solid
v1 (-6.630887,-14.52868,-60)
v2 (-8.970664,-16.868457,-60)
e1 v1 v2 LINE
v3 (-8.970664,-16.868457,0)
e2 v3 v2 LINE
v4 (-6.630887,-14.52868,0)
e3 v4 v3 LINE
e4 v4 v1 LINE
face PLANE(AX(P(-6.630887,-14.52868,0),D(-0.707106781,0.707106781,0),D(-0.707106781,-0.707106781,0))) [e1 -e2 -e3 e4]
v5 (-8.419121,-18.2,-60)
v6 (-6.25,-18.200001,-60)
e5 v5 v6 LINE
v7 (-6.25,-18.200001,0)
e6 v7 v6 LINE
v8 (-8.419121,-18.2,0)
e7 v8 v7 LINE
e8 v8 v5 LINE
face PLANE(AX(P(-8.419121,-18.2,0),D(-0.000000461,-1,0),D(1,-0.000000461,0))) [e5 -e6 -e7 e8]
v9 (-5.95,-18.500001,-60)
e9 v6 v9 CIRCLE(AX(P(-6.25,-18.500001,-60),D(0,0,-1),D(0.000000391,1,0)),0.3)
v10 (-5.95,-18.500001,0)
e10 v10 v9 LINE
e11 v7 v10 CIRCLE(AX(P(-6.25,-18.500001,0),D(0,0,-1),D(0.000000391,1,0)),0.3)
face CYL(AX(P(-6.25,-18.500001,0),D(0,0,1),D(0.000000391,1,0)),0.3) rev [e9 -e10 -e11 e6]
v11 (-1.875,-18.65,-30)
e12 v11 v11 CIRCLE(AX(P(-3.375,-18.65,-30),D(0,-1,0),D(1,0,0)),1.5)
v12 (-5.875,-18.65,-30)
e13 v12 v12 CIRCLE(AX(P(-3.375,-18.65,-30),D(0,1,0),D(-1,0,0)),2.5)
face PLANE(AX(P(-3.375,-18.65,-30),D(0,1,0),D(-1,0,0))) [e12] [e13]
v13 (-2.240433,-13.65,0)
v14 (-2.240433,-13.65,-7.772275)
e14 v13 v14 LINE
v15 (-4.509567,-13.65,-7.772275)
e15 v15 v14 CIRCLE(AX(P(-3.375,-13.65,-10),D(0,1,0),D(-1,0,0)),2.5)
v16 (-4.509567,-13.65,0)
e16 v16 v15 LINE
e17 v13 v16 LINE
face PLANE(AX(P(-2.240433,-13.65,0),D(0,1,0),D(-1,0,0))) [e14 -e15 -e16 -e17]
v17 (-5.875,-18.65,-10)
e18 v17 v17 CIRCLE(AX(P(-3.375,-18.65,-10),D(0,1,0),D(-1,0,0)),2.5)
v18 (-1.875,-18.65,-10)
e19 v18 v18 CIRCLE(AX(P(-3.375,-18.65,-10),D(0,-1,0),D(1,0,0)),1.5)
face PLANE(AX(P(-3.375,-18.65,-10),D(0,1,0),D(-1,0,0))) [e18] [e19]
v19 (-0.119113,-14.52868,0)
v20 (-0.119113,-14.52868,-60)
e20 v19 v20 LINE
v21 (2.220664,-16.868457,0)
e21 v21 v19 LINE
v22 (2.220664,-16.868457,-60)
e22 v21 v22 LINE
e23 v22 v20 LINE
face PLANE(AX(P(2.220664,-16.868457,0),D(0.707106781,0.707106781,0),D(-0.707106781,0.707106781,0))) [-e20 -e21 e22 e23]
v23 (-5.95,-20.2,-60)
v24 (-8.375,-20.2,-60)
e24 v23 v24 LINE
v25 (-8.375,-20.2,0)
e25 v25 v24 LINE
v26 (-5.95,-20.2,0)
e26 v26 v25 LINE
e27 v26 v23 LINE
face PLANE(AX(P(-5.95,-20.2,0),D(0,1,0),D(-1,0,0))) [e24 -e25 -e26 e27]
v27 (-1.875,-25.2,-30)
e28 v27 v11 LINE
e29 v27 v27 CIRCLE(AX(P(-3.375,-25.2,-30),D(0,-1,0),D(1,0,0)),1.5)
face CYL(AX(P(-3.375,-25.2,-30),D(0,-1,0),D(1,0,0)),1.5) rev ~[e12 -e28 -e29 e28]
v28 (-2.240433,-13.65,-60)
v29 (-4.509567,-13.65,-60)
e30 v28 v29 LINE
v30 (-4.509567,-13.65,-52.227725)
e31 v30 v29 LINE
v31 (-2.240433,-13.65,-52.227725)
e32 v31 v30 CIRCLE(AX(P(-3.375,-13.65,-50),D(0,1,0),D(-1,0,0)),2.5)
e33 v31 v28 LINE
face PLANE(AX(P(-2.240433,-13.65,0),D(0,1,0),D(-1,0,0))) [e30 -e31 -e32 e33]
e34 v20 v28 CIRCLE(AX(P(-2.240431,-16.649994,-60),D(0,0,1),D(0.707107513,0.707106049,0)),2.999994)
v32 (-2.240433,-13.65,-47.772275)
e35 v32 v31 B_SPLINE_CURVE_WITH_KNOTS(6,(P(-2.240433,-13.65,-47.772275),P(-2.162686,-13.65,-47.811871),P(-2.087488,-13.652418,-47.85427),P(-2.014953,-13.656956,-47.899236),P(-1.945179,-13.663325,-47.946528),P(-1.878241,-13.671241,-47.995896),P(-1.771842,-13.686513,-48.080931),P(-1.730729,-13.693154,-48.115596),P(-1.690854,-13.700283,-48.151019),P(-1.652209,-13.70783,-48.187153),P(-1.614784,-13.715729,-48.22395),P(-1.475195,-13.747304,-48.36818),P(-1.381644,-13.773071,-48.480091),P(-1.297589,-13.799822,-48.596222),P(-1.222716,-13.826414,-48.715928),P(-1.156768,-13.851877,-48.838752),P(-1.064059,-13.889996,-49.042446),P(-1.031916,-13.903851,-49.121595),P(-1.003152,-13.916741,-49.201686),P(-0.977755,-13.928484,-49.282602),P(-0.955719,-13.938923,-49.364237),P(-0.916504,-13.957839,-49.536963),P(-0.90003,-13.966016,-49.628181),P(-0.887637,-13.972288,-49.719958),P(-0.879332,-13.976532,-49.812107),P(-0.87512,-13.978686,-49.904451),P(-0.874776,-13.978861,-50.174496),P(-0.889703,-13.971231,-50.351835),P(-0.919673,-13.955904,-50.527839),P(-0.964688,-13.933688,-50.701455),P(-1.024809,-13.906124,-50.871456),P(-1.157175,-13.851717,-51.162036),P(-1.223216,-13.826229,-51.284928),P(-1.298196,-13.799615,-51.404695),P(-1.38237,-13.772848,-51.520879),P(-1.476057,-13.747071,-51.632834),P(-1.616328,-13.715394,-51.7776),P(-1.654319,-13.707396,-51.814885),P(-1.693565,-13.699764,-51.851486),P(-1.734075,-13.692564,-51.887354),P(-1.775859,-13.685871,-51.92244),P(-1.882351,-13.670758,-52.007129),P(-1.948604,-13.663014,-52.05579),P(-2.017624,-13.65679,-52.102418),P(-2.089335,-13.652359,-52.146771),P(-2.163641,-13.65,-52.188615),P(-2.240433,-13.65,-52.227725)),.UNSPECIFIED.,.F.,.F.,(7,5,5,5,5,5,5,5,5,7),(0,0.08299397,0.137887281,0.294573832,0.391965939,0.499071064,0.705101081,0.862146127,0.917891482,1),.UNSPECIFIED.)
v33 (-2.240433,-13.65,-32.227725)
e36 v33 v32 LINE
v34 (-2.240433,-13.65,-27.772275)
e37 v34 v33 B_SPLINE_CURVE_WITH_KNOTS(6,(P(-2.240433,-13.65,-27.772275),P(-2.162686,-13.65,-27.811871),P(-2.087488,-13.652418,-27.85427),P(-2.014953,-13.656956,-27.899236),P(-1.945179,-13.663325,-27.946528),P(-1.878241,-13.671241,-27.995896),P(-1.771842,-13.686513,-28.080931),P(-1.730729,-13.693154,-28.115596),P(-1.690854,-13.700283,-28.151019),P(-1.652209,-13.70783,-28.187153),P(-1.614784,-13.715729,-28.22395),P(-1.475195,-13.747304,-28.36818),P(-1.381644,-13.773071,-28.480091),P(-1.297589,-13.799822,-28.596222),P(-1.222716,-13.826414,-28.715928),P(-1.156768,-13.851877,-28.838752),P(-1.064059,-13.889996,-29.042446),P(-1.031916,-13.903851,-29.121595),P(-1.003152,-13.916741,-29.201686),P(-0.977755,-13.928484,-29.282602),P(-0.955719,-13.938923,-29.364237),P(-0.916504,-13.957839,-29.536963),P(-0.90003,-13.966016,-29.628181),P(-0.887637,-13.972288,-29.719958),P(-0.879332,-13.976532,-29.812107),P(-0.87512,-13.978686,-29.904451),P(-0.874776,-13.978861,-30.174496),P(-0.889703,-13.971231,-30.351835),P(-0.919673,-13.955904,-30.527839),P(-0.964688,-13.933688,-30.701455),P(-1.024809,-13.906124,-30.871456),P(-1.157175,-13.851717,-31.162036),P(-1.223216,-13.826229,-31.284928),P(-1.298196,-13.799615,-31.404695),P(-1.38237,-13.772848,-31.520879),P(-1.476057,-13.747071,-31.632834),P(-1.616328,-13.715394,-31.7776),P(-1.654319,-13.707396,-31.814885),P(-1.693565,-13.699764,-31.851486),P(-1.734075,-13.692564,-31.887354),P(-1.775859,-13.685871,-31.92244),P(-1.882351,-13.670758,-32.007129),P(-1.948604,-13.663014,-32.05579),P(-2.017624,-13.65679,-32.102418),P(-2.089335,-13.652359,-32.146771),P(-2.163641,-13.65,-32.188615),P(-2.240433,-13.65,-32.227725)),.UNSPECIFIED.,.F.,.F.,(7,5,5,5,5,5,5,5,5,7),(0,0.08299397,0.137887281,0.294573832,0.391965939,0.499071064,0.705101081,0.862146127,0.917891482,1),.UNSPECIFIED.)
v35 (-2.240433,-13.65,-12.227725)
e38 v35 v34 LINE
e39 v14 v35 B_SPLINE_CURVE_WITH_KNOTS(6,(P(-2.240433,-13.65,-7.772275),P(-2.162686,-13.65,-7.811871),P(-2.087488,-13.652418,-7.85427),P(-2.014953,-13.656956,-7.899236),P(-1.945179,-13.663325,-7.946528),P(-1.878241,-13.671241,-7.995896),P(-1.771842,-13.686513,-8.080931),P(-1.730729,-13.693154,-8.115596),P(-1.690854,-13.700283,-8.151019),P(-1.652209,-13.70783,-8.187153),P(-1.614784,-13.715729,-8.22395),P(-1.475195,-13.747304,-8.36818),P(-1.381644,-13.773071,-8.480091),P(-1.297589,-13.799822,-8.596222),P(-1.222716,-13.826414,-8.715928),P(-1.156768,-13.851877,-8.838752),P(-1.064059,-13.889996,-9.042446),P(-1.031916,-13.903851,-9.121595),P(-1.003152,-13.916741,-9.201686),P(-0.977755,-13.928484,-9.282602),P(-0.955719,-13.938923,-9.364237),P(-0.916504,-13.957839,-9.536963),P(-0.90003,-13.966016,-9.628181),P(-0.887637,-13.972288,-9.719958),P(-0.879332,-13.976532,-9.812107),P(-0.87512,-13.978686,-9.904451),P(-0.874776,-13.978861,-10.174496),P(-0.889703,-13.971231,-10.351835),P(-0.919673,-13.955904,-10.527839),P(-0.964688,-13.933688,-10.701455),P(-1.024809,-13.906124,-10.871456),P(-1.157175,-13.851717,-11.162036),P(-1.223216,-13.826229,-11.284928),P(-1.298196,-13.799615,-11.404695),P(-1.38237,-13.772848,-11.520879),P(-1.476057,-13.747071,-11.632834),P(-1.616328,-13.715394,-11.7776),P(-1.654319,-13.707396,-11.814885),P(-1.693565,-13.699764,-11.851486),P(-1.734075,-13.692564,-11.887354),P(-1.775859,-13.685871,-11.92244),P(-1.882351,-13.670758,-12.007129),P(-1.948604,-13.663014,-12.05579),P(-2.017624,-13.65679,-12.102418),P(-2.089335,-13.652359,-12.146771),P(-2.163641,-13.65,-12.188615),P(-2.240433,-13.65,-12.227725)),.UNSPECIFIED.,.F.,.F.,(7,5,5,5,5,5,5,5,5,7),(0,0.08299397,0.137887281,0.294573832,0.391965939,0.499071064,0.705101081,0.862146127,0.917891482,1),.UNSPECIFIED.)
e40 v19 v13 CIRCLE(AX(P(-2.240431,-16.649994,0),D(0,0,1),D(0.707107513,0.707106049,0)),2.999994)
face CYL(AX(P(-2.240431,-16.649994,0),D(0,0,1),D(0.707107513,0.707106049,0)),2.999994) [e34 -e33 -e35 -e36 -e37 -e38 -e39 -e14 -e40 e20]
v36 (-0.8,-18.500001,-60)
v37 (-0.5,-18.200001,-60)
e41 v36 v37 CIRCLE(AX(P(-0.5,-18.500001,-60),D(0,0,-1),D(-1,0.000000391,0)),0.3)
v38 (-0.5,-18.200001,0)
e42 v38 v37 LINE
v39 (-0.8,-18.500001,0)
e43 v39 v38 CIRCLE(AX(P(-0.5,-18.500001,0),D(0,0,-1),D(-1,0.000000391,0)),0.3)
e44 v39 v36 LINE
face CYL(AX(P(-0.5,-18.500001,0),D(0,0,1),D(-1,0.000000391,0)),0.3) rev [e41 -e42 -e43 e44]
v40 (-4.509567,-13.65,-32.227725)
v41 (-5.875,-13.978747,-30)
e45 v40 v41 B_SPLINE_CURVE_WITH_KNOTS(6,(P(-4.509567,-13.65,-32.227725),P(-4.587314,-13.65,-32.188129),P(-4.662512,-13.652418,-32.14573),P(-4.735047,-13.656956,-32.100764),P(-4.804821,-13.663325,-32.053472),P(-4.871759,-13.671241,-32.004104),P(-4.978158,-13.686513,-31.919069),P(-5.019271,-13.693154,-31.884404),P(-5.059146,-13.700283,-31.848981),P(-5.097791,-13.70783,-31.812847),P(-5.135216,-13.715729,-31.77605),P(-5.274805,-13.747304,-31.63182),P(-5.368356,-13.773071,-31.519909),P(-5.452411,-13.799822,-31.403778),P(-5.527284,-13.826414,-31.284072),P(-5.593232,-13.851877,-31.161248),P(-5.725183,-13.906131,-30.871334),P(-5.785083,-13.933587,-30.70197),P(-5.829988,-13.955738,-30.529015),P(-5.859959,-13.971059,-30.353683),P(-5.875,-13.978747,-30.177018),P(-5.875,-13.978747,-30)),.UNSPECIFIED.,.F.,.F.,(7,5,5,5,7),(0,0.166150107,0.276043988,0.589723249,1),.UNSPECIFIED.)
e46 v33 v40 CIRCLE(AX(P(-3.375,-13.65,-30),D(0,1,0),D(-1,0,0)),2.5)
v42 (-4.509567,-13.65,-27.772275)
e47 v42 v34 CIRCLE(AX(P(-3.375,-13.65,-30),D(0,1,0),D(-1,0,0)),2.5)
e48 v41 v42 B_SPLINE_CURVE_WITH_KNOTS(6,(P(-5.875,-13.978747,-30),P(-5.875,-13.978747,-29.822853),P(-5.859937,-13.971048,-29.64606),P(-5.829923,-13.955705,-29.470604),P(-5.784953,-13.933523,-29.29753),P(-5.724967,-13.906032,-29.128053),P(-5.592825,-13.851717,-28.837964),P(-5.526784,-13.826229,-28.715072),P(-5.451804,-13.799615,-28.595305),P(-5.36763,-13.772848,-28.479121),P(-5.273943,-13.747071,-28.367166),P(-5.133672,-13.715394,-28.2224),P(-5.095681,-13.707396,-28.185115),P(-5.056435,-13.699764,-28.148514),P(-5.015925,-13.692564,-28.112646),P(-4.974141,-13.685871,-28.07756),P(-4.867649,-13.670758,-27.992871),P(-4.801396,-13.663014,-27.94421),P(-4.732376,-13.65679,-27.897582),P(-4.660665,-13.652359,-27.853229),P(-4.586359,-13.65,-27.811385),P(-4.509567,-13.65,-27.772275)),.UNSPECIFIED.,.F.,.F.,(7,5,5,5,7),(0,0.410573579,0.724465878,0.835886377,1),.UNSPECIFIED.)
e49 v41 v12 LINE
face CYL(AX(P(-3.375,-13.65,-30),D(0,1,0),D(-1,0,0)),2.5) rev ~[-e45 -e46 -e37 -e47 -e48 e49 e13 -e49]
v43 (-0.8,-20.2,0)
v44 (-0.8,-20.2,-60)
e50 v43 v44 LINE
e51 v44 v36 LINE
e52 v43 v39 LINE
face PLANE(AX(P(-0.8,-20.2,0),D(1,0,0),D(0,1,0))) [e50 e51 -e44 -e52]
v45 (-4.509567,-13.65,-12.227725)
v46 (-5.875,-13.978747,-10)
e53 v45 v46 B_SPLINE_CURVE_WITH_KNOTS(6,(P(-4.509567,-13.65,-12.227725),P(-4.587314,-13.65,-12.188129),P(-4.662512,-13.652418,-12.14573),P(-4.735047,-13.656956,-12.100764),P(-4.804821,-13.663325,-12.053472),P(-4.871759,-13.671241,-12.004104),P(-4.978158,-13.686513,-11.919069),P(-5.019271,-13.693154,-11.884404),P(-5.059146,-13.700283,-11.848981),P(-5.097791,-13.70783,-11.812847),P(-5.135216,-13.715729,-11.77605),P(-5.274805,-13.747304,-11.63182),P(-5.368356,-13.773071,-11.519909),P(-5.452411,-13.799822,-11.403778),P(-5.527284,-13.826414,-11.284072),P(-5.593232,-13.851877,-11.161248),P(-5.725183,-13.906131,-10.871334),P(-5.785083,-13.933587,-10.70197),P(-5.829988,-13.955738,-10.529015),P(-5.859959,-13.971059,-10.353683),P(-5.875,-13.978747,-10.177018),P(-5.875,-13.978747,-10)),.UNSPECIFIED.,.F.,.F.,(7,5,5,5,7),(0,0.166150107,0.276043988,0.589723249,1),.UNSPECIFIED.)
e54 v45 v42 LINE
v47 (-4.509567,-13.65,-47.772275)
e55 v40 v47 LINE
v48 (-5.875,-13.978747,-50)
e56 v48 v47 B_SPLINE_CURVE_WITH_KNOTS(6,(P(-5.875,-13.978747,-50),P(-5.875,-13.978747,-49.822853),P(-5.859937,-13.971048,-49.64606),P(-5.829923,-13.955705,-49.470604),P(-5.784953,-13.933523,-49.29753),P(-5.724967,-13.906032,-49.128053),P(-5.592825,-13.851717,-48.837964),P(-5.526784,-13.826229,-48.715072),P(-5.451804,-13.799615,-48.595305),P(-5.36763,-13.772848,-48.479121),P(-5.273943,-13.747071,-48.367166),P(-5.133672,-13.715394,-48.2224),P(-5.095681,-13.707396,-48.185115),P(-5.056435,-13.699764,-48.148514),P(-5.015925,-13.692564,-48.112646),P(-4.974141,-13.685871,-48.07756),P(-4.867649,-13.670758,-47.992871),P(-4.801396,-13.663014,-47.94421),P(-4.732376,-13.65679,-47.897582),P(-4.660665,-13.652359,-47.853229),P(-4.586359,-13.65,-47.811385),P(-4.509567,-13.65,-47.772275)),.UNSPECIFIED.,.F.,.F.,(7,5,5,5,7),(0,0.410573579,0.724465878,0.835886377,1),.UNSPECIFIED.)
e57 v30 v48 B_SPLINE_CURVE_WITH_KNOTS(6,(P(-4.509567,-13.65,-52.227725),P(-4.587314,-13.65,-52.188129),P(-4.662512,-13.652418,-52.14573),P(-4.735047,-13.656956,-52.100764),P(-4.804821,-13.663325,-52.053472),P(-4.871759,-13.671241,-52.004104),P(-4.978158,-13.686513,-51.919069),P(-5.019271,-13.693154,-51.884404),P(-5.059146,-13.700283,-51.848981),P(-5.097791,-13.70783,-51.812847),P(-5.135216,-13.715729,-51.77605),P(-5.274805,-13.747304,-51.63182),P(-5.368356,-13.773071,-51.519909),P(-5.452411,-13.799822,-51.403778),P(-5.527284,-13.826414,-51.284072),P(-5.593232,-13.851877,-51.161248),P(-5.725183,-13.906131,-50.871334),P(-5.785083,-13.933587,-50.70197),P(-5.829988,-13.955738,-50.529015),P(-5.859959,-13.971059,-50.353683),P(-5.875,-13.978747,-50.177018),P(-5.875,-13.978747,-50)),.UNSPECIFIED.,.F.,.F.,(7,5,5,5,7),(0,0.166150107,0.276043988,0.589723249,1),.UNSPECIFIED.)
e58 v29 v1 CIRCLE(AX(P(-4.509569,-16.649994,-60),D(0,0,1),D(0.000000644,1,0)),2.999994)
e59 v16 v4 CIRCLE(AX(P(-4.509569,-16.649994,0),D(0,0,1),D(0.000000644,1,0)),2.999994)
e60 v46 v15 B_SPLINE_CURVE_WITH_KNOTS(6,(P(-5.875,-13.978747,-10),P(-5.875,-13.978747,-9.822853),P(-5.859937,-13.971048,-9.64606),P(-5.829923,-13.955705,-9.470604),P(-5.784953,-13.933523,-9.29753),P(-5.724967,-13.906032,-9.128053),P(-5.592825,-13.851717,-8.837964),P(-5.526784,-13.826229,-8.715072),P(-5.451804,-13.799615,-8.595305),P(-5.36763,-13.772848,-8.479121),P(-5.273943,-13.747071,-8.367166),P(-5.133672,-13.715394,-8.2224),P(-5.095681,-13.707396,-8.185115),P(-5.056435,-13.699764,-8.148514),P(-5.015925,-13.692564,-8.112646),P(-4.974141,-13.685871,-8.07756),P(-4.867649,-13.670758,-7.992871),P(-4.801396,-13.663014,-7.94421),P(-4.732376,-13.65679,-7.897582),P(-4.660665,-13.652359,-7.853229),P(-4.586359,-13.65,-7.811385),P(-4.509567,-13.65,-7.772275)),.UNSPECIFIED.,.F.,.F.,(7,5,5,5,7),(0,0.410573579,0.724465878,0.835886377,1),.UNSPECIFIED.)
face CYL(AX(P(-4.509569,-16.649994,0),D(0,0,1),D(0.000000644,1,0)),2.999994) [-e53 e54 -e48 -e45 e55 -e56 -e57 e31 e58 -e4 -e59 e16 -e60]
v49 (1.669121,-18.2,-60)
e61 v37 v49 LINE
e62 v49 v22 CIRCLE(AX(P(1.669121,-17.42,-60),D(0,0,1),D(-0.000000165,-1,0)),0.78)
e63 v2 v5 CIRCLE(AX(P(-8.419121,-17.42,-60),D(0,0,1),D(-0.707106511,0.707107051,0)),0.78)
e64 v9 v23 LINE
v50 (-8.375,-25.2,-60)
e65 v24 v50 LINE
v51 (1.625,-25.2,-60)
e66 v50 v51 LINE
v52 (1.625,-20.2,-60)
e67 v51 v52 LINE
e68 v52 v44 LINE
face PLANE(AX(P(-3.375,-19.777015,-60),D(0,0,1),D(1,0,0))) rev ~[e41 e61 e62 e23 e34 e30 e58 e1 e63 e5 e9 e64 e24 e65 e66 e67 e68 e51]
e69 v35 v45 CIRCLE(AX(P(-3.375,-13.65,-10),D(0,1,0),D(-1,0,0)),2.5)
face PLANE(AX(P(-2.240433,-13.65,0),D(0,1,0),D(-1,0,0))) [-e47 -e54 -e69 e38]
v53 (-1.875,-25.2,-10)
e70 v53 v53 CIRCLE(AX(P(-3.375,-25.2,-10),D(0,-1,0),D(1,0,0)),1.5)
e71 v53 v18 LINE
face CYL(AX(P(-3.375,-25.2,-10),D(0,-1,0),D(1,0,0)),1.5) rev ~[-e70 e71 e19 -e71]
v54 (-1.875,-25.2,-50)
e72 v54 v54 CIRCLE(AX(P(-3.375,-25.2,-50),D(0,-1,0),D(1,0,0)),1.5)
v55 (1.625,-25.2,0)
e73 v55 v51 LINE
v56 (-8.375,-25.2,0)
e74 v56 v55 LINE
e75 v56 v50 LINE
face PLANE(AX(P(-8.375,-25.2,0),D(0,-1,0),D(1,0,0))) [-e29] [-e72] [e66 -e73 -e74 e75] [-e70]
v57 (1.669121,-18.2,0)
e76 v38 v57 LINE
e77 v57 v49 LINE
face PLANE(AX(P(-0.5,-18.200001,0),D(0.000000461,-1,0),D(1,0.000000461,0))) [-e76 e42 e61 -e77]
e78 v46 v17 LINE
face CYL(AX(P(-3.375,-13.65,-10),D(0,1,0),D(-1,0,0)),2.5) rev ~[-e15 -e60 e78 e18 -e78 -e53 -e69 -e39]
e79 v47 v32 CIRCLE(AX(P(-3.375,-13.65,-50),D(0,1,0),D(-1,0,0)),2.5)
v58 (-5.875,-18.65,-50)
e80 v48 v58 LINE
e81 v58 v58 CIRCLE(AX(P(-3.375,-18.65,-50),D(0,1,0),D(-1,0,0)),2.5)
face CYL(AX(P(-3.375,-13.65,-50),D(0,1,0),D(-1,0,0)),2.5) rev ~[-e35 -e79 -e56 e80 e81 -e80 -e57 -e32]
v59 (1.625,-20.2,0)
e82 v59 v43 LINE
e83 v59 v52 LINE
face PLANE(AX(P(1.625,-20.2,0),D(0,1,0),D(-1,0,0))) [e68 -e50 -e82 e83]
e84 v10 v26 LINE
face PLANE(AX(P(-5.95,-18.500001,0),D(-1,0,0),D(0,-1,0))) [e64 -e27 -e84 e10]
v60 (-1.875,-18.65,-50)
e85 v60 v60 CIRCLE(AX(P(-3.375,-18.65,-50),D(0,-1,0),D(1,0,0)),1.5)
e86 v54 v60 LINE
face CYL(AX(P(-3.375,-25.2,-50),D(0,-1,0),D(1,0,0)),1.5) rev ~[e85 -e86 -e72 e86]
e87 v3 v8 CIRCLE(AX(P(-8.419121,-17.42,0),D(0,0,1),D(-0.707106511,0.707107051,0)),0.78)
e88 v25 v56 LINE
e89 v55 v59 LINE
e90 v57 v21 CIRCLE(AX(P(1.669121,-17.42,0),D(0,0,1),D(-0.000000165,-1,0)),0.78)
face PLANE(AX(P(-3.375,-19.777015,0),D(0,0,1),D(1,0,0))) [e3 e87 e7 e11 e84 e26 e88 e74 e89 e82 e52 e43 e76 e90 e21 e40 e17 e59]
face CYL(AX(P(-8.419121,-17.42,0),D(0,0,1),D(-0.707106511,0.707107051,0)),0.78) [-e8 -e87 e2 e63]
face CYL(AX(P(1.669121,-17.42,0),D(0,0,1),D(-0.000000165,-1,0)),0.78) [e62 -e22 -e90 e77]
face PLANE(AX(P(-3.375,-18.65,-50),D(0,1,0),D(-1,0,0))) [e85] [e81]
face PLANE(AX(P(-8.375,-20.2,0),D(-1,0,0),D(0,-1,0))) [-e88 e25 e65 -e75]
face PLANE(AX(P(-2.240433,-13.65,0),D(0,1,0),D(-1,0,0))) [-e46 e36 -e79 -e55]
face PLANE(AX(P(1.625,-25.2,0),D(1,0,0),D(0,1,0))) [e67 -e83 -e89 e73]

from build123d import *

# Parameters (mm, degrees)
F1_DEPTH = 60
F2_R     = 1.5
F3_DEPTH = 25
F4_R     = 2.5
F5_R     = 2.5
F6_DEPTH = 5


with BuildPart() as f1:
    # F0 (on Top) → F1 (new body)
    with BuildSketch(Plane.XY):
        with BuildLine():
            Line((-0.8, -20.2), (-0.8, -19.2))
            Line((-0.8, -19.2), (-0.8, -18.500001))
            ThreePointArc((-0.8, -18.500001), (-0.712132, -18.287869), (-0.5, -18.200001))
            Line((-0.5, -18.200001), (1.669121, -18.2))
            ThreePointArc((1.669121, -18.2), (2.389747, -17.718493), (2.220664, -16.868457))
            Line((2.220664, -16.868457), (-0.119113, -14.52868))
            ThreePointArc((-0.119113, -14.52868), (-1.092383, -13.878361), (-2.240433, -13.65))
            Line((-2.240433, -13.65), (-4.509567, -13.65))
            ThreePointArc((-4.509567, -13.65), (-5.657617, -13.878361), (-6.630887, -14.52868))
            Line((-6.630887, -14.52868), (-8.970664, -16.868457))
            ThreePointArc((-8.970664, -16.868457), (-9.139747, -17.718493), (-8.419121, -18.2))
            Line((-8.419121, -18.2), (-6.25, -18.200001))
            ThreePointArc((-6.25, -18.200001), (-6.037868, -18.287869), (-5.95, -18.500001))
            Line((-5.95, -18.500001), (-5.95, -19.2))
            Line((-5.95, -19.2), (-5.95, -20.2))
            Line((-5.95, -20.2), (-8.375, -20.2))
            Line((-8.375, -20.2), (-8.375, -25.2))
            Line((-8.375, -25.2), (-3.375, -25.2))
            Line((-3.375, -25.2), (1.625, -25.2))
            Line((1.625, -25.2), (1.625, -20.2))
            Line((1.625, -20.2), (-0.8, -20.2))
        make_face()
    extrude(amount=-F1_DEPTH)

    # F2 (on face) → F3 (cut)
    with BuildSketch(Plane.XZ.offset(25.2)):
        with Locations((-3.375, -50)):
            Circle(F2_R)
        with Locations((-3.375, -30)):
            Circle(F2_R)
        with Locations((-3.375, -10)):
            Circle(F2_R)
    extrude(amount=-F3_DEPTH, mode=Mode.SUBTRACT)

    # F4 (on face) + F5 (on face) → F6 (cut)
    with BuildSketch(Plane(origin=(0, -13.65, 0), x_dir=(-1, 0, 0), z_dir=(0, 1, 0))):
        with Locations((3.375, -10)):
            Circle(F4_R)
        with Locations((3.375, -30)):
            Circle(F4_R)
    with BuildSketch(Plane(origin=(0, -13.65, 0), x_dir=(-1, 0, 0), z_dir=(0, 1, 0))):
        with Locations((3.375, -50)):
            Circle(F5_R)
    extrude(amount=-F6_DEPTH, mode=Mode.SUBTRACT)


solid = f1.part
